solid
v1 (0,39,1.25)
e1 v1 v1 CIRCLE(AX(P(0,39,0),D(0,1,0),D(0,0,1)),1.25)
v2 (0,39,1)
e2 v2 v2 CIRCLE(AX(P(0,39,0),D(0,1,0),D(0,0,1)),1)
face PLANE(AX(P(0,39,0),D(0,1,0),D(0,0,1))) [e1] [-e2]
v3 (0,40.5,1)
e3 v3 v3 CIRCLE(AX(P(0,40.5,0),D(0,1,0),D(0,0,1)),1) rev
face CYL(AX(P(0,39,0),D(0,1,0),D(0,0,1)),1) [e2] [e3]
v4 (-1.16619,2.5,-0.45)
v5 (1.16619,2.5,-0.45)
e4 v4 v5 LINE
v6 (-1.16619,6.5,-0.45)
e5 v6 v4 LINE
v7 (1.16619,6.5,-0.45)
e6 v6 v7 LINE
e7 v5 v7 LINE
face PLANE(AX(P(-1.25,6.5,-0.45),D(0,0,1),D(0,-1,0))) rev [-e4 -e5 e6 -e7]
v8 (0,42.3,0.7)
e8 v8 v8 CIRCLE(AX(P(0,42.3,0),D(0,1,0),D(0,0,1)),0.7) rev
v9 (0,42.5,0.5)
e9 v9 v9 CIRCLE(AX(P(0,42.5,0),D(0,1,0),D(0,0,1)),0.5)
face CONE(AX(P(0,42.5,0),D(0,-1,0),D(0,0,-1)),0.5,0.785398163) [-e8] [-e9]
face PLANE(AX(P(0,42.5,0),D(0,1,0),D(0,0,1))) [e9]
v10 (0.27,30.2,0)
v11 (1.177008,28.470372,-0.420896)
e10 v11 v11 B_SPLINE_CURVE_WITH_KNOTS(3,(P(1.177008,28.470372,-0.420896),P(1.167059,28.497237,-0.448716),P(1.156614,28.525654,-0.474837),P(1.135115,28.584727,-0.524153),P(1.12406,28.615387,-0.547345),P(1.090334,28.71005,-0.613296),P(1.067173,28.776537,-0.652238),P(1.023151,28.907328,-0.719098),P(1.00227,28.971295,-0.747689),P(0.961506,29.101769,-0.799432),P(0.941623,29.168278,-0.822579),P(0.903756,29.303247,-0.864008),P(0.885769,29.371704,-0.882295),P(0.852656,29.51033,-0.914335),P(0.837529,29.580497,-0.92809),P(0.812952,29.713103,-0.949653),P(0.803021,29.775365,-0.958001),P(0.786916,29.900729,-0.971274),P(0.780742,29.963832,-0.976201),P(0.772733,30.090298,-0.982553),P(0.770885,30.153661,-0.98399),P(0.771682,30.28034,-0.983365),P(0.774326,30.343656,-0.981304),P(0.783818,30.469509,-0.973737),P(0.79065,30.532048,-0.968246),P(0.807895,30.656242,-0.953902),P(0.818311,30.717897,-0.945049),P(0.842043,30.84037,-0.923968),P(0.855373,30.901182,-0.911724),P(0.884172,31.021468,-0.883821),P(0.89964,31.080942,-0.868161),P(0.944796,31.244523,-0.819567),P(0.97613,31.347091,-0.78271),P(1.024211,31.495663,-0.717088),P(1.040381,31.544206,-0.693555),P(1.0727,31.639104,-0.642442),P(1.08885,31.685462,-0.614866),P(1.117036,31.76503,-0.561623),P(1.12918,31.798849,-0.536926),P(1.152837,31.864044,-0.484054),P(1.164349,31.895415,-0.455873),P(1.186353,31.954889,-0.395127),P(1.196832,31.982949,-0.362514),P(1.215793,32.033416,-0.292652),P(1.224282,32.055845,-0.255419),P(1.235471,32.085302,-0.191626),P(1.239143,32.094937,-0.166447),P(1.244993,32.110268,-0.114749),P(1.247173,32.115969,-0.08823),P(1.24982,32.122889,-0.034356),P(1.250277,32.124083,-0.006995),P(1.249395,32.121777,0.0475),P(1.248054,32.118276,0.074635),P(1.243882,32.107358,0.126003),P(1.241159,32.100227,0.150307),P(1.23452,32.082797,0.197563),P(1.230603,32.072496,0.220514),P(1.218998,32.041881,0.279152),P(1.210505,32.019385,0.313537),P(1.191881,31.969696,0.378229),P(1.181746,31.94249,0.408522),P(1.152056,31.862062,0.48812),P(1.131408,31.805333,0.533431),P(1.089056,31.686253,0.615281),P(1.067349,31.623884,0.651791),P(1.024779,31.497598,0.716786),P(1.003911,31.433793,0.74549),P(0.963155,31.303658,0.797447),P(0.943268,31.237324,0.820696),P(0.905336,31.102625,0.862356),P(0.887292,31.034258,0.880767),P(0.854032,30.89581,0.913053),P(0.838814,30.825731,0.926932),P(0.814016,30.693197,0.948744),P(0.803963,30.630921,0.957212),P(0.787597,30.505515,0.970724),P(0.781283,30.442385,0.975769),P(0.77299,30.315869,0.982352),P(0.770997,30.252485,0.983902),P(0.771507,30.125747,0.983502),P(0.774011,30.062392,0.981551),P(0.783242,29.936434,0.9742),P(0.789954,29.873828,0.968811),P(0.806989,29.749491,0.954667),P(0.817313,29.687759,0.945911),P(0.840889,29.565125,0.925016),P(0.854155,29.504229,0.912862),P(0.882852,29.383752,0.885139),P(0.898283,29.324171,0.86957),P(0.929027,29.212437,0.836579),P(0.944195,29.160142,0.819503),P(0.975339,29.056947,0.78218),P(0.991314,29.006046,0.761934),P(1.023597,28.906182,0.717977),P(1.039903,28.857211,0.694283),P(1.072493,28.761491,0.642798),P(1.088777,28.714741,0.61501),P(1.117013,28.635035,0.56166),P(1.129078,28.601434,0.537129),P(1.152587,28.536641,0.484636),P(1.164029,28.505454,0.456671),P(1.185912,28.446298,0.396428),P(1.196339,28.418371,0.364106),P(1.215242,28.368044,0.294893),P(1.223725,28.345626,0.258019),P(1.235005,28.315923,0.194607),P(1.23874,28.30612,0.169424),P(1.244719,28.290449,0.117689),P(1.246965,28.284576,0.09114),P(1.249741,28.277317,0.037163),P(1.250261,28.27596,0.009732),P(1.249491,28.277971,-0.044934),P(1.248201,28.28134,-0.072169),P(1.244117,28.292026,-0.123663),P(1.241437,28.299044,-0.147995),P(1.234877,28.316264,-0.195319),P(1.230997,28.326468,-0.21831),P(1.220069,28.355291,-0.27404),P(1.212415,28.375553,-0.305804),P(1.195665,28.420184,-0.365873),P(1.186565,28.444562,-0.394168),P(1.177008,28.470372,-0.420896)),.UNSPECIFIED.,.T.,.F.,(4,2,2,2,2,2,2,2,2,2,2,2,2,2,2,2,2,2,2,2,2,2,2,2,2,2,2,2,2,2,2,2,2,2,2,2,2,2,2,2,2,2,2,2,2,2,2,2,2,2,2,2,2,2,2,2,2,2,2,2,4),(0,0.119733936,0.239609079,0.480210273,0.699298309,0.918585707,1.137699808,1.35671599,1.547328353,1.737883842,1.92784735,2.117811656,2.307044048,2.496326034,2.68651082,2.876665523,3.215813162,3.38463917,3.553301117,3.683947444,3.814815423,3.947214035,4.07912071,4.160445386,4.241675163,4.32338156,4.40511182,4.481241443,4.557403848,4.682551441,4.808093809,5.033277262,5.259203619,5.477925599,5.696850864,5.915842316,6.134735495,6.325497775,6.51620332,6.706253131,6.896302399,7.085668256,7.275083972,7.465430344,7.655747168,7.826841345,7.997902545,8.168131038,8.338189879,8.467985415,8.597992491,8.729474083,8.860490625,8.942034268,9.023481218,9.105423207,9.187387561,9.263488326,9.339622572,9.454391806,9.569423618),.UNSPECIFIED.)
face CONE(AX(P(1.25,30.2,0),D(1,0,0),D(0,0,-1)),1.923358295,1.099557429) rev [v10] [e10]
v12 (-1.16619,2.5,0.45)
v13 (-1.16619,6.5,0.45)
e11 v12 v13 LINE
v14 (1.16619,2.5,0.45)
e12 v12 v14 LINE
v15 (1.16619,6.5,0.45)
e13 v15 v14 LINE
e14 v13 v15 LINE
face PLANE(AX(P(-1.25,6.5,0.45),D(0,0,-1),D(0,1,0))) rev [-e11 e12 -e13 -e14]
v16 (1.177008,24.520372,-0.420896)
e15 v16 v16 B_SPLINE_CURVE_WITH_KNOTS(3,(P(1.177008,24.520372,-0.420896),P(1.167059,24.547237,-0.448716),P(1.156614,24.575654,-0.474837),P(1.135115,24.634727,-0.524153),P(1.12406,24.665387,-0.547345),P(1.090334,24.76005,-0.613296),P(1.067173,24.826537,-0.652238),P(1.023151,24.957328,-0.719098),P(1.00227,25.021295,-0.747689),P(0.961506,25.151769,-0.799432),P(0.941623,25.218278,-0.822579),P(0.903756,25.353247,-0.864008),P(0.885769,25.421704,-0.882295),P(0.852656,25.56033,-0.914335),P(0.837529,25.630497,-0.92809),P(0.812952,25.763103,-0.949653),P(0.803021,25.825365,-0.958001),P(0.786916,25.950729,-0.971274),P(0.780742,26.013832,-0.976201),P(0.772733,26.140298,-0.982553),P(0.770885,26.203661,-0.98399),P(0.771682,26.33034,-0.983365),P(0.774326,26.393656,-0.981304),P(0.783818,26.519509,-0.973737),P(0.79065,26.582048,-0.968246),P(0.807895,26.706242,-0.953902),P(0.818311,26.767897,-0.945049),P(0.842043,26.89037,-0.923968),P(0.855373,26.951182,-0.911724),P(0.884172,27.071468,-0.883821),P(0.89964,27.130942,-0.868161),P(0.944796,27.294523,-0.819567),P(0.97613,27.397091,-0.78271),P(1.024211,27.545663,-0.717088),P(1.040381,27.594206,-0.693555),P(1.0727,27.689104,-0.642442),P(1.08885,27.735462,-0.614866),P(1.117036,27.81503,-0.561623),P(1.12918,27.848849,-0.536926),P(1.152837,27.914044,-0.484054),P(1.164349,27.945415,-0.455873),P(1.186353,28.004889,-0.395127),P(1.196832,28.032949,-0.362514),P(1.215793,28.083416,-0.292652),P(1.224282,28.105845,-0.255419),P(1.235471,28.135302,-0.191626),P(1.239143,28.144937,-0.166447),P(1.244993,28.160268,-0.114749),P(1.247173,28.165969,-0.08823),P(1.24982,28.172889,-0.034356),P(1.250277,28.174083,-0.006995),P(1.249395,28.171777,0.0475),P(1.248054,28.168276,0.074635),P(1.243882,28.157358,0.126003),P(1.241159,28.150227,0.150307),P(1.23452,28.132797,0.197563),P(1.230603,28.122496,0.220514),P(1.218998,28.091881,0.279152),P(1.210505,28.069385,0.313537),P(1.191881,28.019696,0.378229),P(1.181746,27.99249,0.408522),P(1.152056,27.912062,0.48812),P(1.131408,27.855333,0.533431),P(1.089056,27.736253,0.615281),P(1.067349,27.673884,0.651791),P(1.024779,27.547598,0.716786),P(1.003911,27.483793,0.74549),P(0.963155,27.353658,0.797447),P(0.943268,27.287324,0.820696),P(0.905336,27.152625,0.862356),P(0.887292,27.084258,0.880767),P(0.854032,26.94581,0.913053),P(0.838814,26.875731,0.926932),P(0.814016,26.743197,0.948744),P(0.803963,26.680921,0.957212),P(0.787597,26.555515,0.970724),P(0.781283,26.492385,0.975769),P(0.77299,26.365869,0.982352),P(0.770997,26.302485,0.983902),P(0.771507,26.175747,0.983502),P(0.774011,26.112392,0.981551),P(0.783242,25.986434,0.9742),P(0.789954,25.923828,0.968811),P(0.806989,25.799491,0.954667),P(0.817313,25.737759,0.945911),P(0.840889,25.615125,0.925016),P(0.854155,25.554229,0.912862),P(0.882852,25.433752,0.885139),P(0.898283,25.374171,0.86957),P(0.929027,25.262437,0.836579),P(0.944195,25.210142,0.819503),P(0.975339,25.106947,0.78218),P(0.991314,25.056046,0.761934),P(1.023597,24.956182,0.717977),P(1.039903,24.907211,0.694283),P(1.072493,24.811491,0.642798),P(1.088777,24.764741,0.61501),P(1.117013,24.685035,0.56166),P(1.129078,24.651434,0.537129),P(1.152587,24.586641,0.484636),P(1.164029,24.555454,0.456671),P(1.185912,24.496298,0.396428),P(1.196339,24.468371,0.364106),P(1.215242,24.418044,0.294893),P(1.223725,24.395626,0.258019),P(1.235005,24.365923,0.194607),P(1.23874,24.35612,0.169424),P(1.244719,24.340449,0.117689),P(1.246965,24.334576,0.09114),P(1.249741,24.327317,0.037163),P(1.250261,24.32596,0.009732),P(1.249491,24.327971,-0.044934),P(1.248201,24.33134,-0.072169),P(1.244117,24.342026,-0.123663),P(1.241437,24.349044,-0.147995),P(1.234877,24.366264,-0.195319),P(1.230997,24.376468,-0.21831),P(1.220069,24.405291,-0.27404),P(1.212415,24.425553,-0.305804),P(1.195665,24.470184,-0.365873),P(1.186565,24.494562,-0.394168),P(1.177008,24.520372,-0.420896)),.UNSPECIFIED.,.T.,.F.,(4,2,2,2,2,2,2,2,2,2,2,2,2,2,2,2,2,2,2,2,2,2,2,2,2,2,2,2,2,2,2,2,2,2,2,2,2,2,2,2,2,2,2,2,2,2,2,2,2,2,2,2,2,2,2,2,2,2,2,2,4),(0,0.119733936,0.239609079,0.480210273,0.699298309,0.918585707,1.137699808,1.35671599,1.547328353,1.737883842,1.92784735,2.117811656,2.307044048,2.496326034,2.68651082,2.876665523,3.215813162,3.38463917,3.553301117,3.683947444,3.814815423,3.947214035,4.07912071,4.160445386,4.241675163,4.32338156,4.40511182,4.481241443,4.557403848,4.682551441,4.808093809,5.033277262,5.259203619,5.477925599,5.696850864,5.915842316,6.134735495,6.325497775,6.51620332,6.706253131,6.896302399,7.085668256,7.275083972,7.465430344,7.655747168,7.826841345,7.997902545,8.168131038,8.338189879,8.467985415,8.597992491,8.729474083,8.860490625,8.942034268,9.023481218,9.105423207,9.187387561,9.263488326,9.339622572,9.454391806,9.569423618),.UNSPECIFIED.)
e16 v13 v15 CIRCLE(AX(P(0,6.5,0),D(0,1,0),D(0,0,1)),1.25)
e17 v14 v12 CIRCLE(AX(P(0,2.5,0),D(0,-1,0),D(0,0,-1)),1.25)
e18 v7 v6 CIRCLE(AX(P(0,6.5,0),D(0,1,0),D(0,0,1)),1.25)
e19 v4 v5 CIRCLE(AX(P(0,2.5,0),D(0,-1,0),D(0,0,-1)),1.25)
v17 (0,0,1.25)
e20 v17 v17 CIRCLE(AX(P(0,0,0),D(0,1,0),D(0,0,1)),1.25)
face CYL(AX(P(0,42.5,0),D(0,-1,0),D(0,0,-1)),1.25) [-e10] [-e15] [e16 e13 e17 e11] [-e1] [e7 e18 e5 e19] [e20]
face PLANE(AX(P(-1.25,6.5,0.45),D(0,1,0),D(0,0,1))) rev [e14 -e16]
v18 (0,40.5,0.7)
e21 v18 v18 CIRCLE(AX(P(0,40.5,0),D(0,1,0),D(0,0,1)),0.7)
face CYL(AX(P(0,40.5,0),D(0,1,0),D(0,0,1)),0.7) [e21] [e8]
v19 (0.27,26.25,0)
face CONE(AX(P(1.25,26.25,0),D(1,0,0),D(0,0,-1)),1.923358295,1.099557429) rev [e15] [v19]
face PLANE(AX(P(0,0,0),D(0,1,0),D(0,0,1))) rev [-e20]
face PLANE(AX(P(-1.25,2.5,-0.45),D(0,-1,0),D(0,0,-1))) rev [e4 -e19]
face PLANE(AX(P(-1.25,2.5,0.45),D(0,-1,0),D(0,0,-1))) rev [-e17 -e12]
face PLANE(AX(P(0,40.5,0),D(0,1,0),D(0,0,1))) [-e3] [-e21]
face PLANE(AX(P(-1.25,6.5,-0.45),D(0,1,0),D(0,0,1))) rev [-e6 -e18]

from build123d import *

# Parameters (mm, degrees)
SKETCH1_R               = 1.25
BOSS_EXTRUDE1_DEPTH     = 42.5
SKETCH2_OUTSIDE_W       = 13.03
SKETCH2_OUTSIDE_H       = 13.03
SKETCH2_OUTSIDE_R       = 1
CUT_EXTRUDE1_DEPTH      = 3.5
SKETCH3_OUTSIDE_W       = 13.03
SKETCH3_OUTSIDE_H       = 13.03
SKETCH3_OUTSIDE_R       = 0.7
CUT_EXTRUDE2_DEPTH      = 2
CHAMFER1_SIZE           = 0.2
SKETCH4_W               = 0.8
SKETCH4_H               = 4
CUT_EXTRUDE3_DEPTH      = 2.25
CUT_EXTRUDE3_DEPTH_BACK = 2.25
LPATTERN1_COUNT         = 2
LPATTERN1_PITCH         = 3.95


with BuildPart() as part:
    # Sketch1 → Boss-Extrude1 (new body)
    with BuildSketch(Plane(origin=(0, 0, 0), x_dir=(1, 0, 0), z_dir=(0, 1, 0))):
        Circle(SKETCH1_R)
    extrude(amount=BOSS_EXTRUDE1_DEPTH)

    # Sketch2 outside → Cut-Extrude1 (cut)
    with BuildSketch(Plane(origin=(0, 42.5, 0), x_dir=(1, 0, 0), z_dir=(0, 1, 0))):
        Rectangle(SKETCH2_OUTSIDE_W, SKETCH2_OUTSIDE_H)
        Circle(SKETCH2_OUTSIDE_R, mode=Mode.SUBTRACT)
    extrude(amount=-CUT_EXTRUDE1_DEPTH, mode=Mode.SUBTRACT)

    # Sketch3 outside → Cut-Extrude2 (cut)
    with BuildSketch(Plane(origin=(0, 42.5, 0), x_dir=(1, 0, 0), z_dir=(0, 1, 0))):
        Rectangle(SKETCH3_OUTSIDE_W, SKETCH3_OUTSIDE_H)
        Circle(SKETCH3_OUTSIDE_R, mode=Mode.SUBTRACT)
    extrude(amount=-CUT_EXTRUDE2_DEPTH, mode=Mode.SUBTRACT)

    # Chamfer1
    chamfer1_edges = [part.edges().sort_by_distance(p)[0] for p in [
        (-0.7, 42.5, 0),
    ]]
    chamfer(chamfer1_edges, length=CHAMFER1_SIZE)

    # Sketch4 → Cut-Extrude3 (cut, two sides)
    with BuildSketch(Plane(origin=(0, 0, 0), x_dir=(0, 0, -1), z_dir=(1, 0, 0))) as cut_extrude3_sk:
        with Locations((0.85, 4.5)):
            Rectangle(SKETCH4_W, SKETCH4_H)
        with Locations((-0.85, 4.5)):
            Rectangle(SKETCH4_W, SKETCH4_H)
    extrude(amount=CUT_EXTRUDE3_DEPTH, mode=Mode.SUBTRACT)
    extrude(cut_extrude3_sk.sketch, amount=-CUT_EXTRUDE3_DEPTH_BACK, mode=Mode.SUBTRACT)

    # Sketch5 → Cut-Revolve2 (revolve, cut)
    with BuildSketch(Plane.XY):
        Polygon((1.25, 32.123358295), (0.27, 30.2), (1.25, 30.2), align=None)
    cut_revolve2 = revolve(axis=Axis((0.27, 30.2, 0), (1, 0, 0)), mode=Mode.SUBTRACT)

    # LPattern1: Cut-Revolve2 ×2
    with Locations(*[(0, -i * LPATTERN1_PITCH, 0) for i in range(1, LPATTERN1_COUNT)]):
        add(cut_revolve2, mode=Mode.SUBTRACT)


solid = part.part
